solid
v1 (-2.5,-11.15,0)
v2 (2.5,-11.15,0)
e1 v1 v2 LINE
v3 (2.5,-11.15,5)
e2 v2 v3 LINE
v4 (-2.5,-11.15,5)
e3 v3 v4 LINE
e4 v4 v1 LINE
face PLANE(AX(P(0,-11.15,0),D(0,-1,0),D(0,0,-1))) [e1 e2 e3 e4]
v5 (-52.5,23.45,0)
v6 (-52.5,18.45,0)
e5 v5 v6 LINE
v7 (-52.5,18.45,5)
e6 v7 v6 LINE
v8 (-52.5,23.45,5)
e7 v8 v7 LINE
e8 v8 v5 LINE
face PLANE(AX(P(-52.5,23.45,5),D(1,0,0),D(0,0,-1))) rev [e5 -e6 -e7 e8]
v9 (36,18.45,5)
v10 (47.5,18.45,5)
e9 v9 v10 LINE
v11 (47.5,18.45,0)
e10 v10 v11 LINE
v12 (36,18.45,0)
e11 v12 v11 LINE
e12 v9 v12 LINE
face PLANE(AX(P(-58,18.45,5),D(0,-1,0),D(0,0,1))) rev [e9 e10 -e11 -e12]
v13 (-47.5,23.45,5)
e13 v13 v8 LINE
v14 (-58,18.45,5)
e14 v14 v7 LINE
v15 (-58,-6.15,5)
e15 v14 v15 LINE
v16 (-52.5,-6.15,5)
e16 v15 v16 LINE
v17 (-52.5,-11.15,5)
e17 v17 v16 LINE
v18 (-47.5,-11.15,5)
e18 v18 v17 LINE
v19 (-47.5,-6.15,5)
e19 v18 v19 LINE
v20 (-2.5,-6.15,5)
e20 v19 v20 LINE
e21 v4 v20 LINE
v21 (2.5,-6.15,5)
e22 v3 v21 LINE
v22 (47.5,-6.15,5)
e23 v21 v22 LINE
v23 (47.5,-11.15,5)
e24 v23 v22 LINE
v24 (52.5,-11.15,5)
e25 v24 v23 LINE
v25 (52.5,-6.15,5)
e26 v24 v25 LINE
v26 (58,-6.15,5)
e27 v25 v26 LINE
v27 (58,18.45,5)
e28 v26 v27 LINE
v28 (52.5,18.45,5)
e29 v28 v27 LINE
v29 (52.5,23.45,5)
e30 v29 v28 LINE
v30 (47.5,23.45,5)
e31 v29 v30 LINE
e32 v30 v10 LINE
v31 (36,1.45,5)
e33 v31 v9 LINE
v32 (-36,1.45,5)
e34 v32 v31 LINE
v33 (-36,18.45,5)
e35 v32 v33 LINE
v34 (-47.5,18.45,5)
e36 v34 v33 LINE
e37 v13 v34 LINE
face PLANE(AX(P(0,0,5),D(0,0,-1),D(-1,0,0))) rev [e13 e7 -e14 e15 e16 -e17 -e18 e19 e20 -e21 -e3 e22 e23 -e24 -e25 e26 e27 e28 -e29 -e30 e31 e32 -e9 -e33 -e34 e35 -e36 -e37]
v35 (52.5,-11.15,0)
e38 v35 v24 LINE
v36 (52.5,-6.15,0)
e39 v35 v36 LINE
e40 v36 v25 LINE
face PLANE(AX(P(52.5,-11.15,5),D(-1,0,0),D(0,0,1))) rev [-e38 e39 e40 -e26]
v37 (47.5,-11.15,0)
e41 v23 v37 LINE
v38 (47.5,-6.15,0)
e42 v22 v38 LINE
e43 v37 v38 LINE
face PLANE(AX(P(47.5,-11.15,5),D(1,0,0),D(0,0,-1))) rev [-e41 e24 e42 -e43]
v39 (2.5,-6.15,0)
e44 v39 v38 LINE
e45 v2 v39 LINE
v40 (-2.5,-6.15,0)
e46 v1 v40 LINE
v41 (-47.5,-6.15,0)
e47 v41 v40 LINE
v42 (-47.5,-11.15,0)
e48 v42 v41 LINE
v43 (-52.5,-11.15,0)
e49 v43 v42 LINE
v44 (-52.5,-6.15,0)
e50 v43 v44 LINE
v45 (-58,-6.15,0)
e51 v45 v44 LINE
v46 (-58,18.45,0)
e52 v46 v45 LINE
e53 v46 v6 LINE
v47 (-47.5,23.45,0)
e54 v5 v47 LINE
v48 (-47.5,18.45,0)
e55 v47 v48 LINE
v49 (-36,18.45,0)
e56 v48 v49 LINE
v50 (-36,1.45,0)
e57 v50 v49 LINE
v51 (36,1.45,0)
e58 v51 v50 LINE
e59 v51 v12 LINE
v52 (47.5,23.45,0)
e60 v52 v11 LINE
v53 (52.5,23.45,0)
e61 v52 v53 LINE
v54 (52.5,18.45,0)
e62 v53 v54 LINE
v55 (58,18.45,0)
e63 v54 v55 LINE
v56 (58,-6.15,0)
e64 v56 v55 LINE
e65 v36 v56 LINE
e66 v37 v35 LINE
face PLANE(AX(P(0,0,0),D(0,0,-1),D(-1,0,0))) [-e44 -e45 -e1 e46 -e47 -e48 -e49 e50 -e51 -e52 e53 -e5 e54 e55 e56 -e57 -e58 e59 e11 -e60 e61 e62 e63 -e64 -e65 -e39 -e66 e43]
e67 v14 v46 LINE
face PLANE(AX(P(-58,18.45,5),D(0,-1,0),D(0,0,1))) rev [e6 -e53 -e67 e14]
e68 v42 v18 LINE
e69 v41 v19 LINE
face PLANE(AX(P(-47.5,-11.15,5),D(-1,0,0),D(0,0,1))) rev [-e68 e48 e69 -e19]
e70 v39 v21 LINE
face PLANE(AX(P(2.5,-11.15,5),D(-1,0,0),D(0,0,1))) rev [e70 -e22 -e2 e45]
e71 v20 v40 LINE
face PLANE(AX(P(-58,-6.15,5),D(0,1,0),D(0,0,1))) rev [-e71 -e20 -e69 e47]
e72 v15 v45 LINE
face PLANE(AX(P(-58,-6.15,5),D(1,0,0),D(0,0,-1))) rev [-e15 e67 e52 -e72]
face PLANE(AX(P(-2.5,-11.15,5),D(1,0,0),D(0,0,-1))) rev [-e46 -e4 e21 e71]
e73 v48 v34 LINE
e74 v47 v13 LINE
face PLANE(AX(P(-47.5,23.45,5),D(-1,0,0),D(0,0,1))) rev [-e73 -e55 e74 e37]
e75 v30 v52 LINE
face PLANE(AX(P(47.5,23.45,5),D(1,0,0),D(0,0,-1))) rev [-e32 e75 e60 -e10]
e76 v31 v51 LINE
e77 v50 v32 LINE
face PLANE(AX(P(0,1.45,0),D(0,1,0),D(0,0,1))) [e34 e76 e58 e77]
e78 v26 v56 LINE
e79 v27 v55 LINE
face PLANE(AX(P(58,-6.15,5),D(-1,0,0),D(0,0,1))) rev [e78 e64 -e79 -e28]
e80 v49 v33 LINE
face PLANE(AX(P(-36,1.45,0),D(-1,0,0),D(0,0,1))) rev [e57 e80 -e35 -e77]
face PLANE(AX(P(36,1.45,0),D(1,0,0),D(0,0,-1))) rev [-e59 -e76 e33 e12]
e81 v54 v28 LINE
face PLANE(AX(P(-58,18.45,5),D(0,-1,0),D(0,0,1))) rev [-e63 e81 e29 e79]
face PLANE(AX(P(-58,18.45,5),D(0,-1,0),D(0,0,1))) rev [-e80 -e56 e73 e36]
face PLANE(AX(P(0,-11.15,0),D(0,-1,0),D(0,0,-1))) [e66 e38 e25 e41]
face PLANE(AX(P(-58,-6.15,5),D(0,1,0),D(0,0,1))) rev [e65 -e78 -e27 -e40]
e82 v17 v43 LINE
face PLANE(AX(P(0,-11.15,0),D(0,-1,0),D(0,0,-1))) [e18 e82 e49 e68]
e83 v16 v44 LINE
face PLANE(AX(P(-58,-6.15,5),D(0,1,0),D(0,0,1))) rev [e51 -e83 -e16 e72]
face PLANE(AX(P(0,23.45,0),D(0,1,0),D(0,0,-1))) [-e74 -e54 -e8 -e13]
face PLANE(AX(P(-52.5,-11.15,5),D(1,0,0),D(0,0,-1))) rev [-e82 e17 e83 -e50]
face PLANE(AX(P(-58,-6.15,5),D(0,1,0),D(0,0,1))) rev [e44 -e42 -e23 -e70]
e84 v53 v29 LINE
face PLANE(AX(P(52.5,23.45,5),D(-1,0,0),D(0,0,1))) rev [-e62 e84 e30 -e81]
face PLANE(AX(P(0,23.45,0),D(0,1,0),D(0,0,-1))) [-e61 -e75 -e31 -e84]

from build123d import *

# Parameters (mm, degrees)
SKETCH1_W           = 116
SKETCH1_H           = 12.3
BOSS_EXTRUDE1_DEPTH = 5
SKETCH2_W           = 5
SKETCH2_H           = 5
BOSS_EXTRUDE2_DEPTH = 5
SKETCH3_W           = 72
SKETCH3_H           = 5
CUT_EXTRUDE1_DEPTH  = 17
SKETCH4_W           = 5
SKETCH4_H           = 5
BOSS_EXTRUDE3_DEPTH = 5


with BuildPart() as part:
    # Sketch1 → Boss-Extrude1 (new body)
    with BuildSketch(Plane.XY):
        Rectangle(SKETCH1_W, SKETCH1_H)
    extrude(amount=BOSS_EXTRUDE1_DEPTH)

    # Sketch2 → Boss-Extrude2 (add)
    with BuildSketch(Plane.XZ.offset(6.15)):
        with Locations((-50, 2.5)):
            Rectangle(SKETCH2_W, SKETCH2_H)
        with Locations((50, 2.5)):
            Rectangle(SKETCH2_W, SKETCH2_H)
    extrude(amount=BOSS_EXTRUDE2_DEPTH)

    # Mirror1: part across plane


with BuildPart() as part_1:
    add(part.part)
    add(part.part.mirror(Plane(origin=(-58, 6.15, 5), x_dir=(0, 0, 1), z_dir=(0, -1, 0))))

    # Sketch3 → Cut-Extrude1 (cut)
    with BuildSketch(Plane(origin=(0, 18.45, 0), x_dir=(1, 0, 0), z_dir=(0, 1, 0))):
        with Locations((0, -2.5)):
            Rectangle(SKETCH3_W, SKETCH3_H)
    extrude(amount=-CUT_EXTRUDE1_DEPTH, mode=Mode.SUBTRACT)

    # Sketch4 → Boss-Extrude3 (add)
    with BuildSketch(Plane.XZ.offset(6.15)):
        with Locations((0, 2.5)):
            Rectangle(SKETCH4_W, SKETCH4_H)
    extrude(amount=BOSS_EXTRUDE3_DEPTH)


solid = part_1.part
